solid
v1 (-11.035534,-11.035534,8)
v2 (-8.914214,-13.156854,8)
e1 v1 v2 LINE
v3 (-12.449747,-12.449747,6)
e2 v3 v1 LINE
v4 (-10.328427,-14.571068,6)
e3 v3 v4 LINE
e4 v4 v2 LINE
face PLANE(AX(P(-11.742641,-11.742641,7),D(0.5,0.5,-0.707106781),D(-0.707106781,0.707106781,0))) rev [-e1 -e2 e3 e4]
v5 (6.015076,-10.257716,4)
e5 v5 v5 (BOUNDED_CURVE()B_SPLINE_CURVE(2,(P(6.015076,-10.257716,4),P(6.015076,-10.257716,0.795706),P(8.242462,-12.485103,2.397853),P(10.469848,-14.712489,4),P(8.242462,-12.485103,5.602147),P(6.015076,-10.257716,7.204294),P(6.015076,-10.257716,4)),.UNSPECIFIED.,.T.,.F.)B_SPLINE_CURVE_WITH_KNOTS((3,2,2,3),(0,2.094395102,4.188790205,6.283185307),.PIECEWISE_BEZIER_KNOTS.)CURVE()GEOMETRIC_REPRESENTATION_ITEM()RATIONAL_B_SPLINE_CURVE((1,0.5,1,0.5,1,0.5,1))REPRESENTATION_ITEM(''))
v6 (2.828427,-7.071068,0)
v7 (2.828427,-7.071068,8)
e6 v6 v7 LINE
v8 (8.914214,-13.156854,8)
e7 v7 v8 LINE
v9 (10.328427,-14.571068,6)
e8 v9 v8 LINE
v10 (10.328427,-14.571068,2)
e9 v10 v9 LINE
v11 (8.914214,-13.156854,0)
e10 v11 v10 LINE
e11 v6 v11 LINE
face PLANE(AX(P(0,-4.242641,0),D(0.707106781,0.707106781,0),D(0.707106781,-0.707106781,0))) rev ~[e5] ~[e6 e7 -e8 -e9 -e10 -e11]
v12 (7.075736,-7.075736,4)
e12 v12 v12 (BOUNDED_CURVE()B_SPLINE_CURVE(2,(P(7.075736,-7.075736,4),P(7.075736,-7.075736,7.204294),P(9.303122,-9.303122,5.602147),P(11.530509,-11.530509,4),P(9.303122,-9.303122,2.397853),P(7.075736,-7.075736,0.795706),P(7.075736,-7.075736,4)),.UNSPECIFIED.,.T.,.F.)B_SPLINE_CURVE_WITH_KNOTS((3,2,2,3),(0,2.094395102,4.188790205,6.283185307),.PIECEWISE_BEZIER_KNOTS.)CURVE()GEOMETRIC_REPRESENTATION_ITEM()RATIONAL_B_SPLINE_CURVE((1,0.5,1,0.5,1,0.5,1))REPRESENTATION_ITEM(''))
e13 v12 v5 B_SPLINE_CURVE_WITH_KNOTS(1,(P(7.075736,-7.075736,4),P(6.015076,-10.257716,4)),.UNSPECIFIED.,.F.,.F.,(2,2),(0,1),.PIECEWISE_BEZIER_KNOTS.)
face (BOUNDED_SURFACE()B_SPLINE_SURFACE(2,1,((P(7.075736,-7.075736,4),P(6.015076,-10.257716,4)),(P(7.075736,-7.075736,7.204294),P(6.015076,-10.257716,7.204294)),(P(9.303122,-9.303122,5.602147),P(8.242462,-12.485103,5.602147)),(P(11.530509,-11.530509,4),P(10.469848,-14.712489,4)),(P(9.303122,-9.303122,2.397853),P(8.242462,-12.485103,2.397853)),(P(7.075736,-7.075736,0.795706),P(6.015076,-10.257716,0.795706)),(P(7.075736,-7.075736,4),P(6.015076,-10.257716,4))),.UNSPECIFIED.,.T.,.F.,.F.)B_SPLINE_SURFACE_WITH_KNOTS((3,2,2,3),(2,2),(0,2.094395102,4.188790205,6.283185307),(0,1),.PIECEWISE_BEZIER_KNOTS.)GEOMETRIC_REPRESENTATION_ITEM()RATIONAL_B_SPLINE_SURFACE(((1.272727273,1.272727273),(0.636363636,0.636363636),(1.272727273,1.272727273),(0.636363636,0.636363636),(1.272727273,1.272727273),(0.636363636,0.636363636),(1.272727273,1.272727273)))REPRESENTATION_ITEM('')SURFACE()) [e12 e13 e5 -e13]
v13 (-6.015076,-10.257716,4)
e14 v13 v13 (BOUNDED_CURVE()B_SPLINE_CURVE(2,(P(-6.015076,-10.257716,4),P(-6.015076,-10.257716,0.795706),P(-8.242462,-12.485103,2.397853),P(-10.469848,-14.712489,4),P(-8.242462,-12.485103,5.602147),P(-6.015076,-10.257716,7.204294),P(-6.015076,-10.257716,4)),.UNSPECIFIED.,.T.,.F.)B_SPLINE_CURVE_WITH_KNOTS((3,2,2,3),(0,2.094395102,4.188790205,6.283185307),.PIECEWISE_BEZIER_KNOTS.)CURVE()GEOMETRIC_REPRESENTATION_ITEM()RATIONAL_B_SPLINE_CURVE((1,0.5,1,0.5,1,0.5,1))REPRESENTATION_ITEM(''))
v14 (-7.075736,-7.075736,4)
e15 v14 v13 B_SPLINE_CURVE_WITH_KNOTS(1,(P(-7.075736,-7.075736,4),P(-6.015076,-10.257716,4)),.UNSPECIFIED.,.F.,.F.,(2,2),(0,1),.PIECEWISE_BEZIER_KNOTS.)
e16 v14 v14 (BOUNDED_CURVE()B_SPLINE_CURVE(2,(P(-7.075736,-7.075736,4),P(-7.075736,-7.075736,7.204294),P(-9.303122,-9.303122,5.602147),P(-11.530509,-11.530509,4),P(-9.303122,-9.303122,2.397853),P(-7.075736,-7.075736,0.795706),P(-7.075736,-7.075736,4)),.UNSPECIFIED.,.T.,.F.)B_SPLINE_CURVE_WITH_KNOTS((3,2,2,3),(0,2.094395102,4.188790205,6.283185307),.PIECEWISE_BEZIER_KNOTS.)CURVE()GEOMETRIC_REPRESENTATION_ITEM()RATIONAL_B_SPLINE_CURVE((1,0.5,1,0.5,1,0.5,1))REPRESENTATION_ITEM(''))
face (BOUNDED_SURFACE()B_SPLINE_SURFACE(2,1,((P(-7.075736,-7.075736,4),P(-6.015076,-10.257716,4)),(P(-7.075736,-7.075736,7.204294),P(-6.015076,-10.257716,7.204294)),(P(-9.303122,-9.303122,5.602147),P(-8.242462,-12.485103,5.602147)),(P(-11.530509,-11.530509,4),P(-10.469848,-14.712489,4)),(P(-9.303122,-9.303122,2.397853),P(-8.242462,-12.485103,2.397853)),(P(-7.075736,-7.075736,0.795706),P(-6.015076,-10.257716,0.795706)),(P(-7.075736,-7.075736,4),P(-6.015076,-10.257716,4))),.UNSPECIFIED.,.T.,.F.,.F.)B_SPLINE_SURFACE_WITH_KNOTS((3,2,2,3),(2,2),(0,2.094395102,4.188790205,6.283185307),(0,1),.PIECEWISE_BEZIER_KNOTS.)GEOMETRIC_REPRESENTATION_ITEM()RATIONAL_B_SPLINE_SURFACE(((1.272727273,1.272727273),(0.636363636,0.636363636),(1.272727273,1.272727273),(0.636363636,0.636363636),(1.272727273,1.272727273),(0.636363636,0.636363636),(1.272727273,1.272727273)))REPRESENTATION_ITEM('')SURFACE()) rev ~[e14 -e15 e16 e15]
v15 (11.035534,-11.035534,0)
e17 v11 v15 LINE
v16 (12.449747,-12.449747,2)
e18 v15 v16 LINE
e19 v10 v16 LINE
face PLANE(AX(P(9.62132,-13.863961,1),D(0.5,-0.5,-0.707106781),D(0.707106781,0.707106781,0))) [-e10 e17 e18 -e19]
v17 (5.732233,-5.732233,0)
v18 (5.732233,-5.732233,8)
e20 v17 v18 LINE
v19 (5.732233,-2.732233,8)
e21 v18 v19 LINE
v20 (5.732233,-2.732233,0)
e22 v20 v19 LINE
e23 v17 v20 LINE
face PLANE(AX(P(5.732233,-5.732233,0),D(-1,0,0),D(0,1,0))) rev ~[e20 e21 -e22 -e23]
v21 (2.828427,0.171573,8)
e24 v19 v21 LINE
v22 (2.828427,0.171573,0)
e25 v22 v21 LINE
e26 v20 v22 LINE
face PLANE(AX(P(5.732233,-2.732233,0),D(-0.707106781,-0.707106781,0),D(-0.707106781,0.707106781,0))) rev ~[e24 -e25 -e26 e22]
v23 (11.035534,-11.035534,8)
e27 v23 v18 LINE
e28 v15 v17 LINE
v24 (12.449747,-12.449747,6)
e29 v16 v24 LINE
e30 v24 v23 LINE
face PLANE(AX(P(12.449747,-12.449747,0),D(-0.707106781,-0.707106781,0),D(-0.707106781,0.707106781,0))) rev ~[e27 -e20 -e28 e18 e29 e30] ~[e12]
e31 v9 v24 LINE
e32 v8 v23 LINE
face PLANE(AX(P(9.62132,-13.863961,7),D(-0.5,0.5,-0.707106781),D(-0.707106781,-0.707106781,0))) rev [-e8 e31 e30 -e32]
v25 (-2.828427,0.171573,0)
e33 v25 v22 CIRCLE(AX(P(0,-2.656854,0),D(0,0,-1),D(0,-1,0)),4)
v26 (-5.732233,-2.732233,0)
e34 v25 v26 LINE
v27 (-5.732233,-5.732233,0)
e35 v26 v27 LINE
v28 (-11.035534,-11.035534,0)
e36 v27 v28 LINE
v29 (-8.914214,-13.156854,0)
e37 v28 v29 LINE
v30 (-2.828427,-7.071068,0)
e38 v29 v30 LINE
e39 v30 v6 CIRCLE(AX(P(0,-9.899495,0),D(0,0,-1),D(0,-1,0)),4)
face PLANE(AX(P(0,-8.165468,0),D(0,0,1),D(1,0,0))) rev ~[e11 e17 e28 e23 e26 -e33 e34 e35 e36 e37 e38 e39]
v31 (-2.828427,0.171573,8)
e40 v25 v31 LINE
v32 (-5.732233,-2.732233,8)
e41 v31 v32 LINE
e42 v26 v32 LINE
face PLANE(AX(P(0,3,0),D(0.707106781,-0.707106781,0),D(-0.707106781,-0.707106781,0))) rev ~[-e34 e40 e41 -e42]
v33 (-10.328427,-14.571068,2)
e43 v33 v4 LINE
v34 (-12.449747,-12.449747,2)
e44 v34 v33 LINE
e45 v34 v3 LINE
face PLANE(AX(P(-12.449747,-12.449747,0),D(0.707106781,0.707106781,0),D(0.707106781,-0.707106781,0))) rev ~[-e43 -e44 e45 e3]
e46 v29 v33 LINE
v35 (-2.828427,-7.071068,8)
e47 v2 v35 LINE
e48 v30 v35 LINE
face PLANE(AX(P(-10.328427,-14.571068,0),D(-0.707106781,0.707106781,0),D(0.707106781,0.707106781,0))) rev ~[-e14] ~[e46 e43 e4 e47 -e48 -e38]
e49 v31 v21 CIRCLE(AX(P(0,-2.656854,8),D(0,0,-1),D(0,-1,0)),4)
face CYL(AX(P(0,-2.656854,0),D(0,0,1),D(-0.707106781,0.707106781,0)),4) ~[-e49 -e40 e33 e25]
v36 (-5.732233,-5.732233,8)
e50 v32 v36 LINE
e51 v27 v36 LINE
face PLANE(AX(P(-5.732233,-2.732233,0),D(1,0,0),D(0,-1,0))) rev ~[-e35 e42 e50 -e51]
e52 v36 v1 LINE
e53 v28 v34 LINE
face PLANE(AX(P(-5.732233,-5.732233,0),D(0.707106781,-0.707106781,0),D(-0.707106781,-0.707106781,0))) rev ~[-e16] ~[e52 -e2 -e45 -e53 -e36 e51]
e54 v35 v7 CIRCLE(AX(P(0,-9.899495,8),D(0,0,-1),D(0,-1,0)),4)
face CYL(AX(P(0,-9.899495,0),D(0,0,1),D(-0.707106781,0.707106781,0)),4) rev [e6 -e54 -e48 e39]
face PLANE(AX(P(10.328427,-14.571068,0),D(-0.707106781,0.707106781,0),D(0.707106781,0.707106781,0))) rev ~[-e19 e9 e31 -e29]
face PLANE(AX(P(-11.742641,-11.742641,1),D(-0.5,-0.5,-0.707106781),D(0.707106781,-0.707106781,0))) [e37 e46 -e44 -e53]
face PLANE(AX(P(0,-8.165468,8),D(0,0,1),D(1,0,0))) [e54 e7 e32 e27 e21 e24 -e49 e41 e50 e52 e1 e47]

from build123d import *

# Parameters (mm, degrees)
F1_DEPTH = 8
F6_R     = 4
F7_SIZE  = 2


with BuildPart() as f1:
    # F0 (on Top) → F1 (new body)
    with BuildSketch(Plane.XY):
        Polygon((5.732233047, -5.732233047), (0, 0), (-5.732233047, -5.732233047), (-12.4497474683, -12.4497474683), (-10.3284271247, -14.5710678119), (0, -4.2426406871), (10.3284271247, -14.5710678119), (12.4497474683, -12.4497474683), align=None)
        Polygon((-5.732233047, -5.732233047), (0, 0), (5.732233047, -5.732233047), (5.732233047, -2.732233047), (0, 3), (-5.732233047, -2.732233047), align=None)
    extrude(amount=F1_DEPTH)

    # F3 (on face) → F4 section 0
    with BuildSketch(Plane(origin=(0, 0, 0), x_dir=(-0.7071067812, 0.7071067812, 0), z_dir=(0.7071067812, 0.7071067812, 0))):
        with BuildLine():
            add(Edge.make_bspline(
                [(-10.0066017178, 4), (-10.0066017178, 7.204293994), (-13.1566017178, 5.602146997), (-16.3066017178, 4), (-13.1566017178, 2.397853003), (-10.0066017178, 0.795706006), (-10.0066017178, 4)],
                knots=[0, 0, 0, 2.0943951024, 2.0943951024, 4.1887902048, 4.1887902048, 6.2831853072, 6.2831853072, 6.2831853072], degree=2, weights=[1, 0.5, 1, 0.5, 1, 0.5, 1]))
        make_face()
    # F2 (on face) → F4 section 1
    with BuildSketch(Plane(origin=(-2.1213203436, -2.1213203436, 0), x_dir=(0.7071067812, -0.7071067812, 0), z_dir=(-0.7071067812, -0.7071067812, 0))):
        with BuildLine():
            add(Edge.make_bspline(
                [(11.5066017178, 4), (11.5066017178, 0.795706006), (14.6566017178, 2.397853003), (17.8066017178, 4), (14.6566017178, 5.602146997), (11.5066017178, 7.204293994), (11.5066017178, 4)],
                knots=[0, 0, 0, 2.0943951024, 2.0943951024, 4.1887902048, 4.1887902048, 6.2831853072, 6.2831853072, 6.2831853072], degree=2, weights=[1, 0.5, 1, 0.5, 1, 0.5, 1]))
        make_face()
    f4 = loft(mode=Mode.SUBTRACT)

    # F5: F4 across plane
    add(f4.mirror(Plane.YZ), mode=Mode.SUBTRACT)

    # F6
    f6_edges = [f1.edges().sort_by_distance(p)[0] for p in [
        (0, -4.242641, 4),
        (0, 3, 4),
    ]]
    fillet(f6_edges, radius=F6_R)

    # F7
    f7_edges = [f1.edges().sort_by_distance(p)[0] for p in [
        (11.389087, -13.510408, 8),
        (11.389087, -13.510408, 0),
        (-11.389087, -13.510408, 8),
        (-11.389087, -13.510408, 0),
    ]]
    chamfer(f7_edges, length=F7_SIZE)


solid = f1.part
